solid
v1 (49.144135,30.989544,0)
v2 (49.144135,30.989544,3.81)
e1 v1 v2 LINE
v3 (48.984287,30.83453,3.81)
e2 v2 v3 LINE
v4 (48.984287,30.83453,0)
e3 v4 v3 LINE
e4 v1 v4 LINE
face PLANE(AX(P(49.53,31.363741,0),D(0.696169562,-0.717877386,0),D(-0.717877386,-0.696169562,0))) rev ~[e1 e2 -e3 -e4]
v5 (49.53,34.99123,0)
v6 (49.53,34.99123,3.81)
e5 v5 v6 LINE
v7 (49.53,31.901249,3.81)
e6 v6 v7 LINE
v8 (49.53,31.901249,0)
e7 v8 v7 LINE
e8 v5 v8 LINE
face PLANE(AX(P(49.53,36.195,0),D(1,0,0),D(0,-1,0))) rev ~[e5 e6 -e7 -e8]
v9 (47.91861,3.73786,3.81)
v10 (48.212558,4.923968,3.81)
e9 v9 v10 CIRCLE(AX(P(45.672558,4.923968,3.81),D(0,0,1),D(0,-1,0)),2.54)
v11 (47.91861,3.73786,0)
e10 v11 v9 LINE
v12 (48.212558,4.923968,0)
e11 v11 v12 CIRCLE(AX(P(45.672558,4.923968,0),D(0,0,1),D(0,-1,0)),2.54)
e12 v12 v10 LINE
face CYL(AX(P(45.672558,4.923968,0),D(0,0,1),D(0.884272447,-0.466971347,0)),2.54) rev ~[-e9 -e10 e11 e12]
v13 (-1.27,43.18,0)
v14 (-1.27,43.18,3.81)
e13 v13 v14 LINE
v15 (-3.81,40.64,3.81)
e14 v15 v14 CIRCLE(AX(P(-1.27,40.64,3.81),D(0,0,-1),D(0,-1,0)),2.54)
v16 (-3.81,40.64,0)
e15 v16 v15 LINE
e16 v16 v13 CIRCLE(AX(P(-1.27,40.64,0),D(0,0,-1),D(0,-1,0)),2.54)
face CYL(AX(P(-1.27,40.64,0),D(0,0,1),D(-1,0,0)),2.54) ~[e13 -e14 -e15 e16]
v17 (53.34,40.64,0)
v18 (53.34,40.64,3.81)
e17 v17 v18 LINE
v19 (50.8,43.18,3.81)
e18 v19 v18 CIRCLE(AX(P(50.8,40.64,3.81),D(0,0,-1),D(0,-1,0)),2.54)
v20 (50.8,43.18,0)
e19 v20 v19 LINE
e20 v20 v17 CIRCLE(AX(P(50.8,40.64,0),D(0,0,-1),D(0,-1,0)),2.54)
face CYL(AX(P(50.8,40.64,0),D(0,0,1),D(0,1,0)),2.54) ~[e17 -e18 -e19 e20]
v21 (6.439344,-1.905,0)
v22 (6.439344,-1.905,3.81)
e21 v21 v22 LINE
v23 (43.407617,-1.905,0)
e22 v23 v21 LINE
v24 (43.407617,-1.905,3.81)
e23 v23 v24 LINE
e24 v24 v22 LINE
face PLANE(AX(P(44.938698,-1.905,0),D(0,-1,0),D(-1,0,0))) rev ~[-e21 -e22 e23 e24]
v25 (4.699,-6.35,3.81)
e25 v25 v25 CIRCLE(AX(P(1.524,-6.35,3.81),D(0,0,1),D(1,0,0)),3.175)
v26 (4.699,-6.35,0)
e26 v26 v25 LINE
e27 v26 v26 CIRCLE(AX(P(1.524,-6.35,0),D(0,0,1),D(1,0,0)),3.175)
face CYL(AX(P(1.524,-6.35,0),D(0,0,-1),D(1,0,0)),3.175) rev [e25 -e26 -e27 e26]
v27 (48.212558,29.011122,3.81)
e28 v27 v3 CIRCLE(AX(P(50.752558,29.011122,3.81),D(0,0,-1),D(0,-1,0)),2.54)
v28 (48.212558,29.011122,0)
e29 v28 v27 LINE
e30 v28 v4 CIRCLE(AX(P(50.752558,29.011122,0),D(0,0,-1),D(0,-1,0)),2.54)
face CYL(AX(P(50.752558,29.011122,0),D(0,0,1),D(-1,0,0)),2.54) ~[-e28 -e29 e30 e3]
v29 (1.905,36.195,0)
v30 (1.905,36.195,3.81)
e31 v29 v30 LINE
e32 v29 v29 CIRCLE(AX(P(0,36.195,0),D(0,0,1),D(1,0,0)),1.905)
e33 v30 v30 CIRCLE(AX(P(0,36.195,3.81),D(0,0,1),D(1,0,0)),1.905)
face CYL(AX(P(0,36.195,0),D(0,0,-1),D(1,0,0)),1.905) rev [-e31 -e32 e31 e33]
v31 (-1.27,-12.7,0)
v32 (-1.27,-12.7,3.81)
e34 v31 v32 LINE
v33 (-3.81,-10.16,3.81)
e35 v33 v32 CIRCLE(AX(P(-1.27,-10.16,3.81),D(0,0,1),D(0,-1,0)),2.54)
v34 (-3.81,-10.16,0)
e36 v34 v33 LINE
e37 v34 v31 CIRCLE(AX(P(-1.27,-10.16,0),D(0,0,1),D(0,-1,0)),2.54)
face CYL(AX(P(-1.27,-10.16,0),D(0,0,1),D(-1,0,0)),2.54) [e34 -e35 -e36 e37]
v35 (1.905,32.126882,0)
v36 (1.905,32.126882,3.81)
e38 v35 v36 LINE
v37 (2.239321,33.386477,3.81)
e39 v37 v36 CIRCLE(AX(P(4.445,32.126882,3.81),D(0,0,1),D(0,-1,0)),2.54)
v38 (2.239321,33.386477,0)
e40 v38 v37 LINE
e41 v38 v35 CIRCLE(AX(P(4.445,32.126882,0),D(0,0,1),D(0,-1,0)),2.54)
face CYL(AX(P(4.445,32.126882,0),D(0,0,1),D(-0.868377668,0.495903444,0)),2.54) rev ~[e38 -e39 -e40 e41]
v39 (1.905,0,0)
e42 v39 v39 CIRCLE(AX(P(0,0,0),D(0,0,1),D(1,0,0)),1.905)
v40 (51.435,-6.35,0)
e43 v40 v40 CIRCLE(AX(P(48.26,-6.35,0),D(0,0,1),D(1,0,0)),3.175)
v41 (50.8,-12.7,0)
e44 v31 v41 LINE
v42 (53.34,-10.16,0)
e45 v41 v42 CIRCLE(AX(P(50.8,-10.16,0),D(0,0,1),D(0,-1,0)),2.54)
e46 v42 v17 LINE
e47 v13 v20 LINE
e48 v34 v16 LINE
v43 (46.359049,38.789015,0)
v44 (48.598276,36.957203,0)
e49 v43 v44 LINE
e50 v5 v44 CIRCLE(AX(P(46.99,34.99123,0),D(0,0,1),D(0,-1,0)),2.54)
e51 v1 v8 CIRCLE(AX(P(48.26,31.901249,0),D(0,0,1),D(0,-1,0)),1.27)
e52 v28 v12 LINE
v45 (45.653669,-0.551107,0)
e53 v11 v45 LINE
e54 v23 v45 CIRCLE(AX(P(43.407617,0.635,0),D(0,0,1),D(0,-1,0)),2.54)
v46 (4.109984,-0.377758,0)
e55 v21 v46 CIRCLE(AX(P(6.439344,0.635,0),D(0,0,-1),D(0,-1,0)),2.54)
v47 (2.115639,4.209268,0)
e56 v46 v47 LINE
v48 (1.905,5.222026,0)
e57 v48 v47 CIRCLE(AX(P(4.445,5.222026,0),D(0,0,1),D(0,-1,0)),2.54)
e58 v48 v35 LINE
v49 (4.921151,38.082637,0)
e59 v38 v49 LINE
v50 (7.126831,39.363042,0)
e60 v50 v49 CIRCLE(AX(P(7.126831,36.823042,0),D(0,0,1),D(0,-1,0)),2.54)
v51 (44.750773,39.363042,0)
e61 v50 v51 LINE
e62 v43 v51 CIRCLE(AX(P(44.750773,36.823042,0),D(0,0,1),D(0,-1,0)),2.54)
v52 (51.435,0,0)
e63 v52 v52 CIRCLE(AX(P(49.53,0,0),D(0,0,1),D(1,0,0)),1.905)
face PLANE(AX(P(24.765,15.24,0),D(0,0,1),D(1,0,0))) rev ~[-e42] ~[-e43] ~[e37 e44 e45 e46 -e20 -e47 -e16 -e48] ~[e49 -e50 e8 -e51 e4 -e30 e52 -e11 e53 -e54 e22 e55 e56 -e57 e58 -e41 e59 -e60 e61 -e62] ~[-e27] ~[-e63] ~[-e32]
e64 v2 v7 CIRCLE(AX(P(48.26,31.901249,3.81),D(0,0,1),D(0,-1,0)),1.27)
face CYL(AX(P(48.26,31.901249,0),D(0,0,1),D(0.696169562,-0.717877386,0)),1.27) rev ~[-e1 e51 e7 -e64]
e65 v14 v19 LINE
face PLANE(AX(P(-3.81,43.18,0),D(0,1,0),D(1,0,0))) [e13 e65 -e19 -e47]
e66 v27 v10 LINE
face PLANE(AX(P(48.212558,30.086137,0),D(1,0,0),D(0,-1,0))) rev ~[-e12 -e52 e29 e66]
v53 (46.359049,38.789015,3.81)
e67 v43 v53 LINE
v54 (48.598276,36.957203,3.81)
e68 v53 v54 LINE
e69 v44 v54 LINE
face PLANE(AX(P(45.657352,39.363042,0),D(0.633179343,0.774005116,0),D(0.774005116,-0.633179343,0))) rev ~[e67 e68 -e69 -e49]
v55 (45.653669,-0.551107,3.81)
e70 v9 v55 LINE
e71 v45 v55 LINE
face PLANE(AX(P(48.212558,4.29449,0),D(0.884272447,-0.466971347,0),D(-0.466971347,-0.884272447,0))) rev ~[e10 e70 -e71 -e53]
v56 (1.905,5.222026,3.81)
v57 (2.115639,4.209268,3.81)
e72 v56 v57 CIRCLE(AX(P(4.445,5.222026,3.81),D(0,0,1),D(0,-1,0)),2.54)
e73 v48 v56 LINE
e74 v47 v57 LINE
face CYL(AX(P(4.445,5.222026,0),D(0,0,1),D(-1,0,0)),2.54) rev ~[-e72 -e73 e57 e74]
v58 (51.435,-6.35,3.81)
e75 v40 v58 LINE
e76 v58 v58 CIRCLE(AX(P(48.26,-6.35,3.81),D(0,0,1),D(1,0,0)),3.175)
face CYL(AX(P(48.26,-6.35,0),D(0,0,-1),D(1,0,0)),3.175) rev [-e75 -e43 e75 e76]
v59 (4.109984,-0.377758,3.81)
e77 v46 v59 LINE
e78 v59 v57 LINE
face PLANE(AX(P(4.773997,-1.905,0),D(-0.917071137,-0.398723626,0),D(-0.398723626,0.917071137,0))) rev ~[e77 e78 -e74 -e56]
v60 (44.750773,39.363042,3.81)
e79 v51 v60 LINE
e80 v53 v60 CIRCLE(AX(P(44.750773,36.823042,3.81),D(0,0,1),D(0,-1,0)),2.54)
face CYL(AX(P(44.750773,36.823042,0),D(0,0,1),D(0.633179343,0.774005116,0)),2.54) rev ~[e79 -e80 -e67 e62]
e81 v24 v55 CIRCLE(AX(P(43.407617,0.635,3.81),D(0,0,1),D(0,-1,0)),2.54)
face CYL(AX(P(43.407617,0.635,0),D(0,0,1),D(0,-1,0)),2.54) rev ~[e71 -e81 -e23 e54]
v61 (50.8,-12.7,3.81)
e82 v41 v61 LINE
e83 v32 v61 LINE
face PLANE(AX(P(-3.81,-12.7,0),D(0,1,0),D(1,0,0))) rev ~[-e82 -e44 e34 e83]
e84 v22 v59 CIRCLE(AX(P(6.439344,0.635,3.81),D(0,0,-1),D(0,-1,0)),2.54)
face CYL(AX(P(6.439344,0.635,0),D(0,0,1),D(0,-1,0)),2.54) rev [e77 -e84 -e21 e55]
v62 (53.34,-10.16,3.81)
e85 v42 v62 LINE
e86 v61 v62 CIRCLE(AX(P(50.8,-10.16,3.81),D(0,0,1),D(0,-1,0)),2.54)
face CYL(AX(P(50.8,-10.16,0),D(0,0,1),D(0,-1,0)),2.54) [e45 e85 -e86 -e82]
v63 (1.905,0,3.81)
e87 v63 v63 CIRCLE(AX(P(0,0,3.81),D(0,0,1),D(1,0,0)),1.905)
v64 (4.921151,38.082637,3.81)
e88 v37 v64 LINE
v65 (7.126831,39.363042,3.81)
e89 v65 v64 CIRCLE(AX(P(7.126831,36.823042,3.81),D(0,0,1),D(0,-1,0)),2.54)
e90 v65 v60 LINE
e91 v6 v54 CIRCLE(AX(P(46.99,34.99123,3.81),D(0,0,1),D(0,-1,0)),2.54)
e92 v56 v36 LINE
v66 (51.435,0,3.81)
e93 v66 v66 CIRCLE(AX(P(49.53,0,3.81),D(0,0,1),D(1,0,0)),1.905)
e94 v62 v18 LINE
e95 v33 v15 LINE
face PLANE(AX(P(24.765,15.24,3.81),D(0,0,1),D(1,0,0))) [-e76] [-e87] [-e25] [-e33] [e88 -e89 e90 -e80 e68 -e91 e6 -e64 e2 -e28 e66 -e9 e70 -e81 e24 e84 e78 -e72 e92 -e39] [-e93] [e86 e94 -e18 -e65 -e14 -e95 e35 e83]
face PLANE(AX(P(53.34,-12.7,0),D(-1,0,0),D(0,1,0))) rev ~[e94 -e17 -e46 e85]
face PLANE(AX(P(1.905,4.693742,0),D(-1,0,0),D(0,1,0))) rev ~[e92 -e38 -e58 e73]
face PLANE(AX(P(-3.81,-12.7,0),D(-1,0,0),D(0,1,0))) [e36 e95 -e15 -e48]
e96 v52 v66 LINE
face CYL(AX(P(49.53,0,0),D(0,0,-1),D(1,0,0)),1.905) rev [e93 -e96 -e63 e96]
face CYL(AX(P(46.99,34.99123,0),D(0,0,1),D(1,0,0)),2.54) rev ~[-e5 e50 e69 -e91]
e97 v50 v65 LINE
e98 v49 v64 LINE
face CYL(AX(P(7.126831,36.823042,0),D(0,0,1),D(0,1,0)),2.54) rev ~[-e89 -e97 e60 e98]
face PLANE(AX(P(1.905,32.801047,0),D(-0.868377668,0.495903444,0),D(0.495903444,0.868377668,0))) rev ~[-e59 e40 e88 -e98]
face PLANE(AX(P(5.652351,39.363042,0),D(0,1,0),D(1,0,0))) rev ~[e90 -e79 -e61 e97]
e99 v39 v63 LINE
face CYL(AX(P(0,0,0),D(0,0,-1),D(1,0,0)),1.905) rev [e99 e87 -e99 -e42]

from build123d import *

# Parameters (mm, degrees)
F0_W     = 57.15
F0_H     = 55.88
F0_R     = 3.175
F0_R_2   = 1.905
F1_DEPTH = 3.81
F2_R     = 2.54
F3_R     = 1.27


with BuildPart() as f1:
    # F0 (on Top) → F1 (new body)
    with BuildSketch(Plane.XY):
        with Locations((24.765, 15.24)):
            Rectangle(F0_W, F0_H)
        with Locations((1.524, -6.35)):
            Circle(F0_R, mode=Mode.SUBTRACT)
        Circle(F0_R_2, mode=Mode.SUBTRACT)
        with Locations((48.26, -6.35)):
            Circle(F0_R, mode=Mode.SUBTRACT)
        with Locations((49.53, 0)):
            Circle(F0_R_2, mode=Mode.SUBTRACT)
        with Locations((0, 36.195)):
            Circle(F0_R_2, mode=Mode.SUBTRACT)
        Polygon((4.773997, -1.905), (1.905, 4.693742), (1.905, 32.801047), (5.652351, 39.363042), (45.657352, 39.363042), (49.53, 36.195), (49.53, 31.363741), (48.212558, 30.086137), (48.212558, 4.29449), (44.938698, -1.905), align=None, mode=Mode.SUBTRACT)
    extrude(amount=F1_DEPTH)

    # F2
    f2_edges = [f1.edges().sort_by_distance(p)[0] for p in [
        (-3.81, -12.7, 1.905),
        (-3.81, 43.18, 1.905),
        (53.34, -12.7, 1.905),
        (53.34, 43.18, 1.905),
        (1.905, 32.801047, 1.905),
        (5.652351, 39.363042, 1.905),
        (1.905, 4.693742, 1.905),
        (4.773997, -1.905, 1.905),
        (45.657352, 39.363042, 1.905),
        (49.53, 36.195, 1.905),
        (48.212558, 30.086137, 1.905),
        (48.212558, 4.29449, 1.905),
        (44.938698, -1.905, 1.905),
    ]]
    fillet(f2_edges, radius=F2_R)

    # F3
    f3_edges = [f1.edges().sort_by_distance(p)[0] for p in [
        (49.53, 31.363741, 1.905),
    ]]
    fillet(f3_edges, radius=F3_R)


solid = f1.part
